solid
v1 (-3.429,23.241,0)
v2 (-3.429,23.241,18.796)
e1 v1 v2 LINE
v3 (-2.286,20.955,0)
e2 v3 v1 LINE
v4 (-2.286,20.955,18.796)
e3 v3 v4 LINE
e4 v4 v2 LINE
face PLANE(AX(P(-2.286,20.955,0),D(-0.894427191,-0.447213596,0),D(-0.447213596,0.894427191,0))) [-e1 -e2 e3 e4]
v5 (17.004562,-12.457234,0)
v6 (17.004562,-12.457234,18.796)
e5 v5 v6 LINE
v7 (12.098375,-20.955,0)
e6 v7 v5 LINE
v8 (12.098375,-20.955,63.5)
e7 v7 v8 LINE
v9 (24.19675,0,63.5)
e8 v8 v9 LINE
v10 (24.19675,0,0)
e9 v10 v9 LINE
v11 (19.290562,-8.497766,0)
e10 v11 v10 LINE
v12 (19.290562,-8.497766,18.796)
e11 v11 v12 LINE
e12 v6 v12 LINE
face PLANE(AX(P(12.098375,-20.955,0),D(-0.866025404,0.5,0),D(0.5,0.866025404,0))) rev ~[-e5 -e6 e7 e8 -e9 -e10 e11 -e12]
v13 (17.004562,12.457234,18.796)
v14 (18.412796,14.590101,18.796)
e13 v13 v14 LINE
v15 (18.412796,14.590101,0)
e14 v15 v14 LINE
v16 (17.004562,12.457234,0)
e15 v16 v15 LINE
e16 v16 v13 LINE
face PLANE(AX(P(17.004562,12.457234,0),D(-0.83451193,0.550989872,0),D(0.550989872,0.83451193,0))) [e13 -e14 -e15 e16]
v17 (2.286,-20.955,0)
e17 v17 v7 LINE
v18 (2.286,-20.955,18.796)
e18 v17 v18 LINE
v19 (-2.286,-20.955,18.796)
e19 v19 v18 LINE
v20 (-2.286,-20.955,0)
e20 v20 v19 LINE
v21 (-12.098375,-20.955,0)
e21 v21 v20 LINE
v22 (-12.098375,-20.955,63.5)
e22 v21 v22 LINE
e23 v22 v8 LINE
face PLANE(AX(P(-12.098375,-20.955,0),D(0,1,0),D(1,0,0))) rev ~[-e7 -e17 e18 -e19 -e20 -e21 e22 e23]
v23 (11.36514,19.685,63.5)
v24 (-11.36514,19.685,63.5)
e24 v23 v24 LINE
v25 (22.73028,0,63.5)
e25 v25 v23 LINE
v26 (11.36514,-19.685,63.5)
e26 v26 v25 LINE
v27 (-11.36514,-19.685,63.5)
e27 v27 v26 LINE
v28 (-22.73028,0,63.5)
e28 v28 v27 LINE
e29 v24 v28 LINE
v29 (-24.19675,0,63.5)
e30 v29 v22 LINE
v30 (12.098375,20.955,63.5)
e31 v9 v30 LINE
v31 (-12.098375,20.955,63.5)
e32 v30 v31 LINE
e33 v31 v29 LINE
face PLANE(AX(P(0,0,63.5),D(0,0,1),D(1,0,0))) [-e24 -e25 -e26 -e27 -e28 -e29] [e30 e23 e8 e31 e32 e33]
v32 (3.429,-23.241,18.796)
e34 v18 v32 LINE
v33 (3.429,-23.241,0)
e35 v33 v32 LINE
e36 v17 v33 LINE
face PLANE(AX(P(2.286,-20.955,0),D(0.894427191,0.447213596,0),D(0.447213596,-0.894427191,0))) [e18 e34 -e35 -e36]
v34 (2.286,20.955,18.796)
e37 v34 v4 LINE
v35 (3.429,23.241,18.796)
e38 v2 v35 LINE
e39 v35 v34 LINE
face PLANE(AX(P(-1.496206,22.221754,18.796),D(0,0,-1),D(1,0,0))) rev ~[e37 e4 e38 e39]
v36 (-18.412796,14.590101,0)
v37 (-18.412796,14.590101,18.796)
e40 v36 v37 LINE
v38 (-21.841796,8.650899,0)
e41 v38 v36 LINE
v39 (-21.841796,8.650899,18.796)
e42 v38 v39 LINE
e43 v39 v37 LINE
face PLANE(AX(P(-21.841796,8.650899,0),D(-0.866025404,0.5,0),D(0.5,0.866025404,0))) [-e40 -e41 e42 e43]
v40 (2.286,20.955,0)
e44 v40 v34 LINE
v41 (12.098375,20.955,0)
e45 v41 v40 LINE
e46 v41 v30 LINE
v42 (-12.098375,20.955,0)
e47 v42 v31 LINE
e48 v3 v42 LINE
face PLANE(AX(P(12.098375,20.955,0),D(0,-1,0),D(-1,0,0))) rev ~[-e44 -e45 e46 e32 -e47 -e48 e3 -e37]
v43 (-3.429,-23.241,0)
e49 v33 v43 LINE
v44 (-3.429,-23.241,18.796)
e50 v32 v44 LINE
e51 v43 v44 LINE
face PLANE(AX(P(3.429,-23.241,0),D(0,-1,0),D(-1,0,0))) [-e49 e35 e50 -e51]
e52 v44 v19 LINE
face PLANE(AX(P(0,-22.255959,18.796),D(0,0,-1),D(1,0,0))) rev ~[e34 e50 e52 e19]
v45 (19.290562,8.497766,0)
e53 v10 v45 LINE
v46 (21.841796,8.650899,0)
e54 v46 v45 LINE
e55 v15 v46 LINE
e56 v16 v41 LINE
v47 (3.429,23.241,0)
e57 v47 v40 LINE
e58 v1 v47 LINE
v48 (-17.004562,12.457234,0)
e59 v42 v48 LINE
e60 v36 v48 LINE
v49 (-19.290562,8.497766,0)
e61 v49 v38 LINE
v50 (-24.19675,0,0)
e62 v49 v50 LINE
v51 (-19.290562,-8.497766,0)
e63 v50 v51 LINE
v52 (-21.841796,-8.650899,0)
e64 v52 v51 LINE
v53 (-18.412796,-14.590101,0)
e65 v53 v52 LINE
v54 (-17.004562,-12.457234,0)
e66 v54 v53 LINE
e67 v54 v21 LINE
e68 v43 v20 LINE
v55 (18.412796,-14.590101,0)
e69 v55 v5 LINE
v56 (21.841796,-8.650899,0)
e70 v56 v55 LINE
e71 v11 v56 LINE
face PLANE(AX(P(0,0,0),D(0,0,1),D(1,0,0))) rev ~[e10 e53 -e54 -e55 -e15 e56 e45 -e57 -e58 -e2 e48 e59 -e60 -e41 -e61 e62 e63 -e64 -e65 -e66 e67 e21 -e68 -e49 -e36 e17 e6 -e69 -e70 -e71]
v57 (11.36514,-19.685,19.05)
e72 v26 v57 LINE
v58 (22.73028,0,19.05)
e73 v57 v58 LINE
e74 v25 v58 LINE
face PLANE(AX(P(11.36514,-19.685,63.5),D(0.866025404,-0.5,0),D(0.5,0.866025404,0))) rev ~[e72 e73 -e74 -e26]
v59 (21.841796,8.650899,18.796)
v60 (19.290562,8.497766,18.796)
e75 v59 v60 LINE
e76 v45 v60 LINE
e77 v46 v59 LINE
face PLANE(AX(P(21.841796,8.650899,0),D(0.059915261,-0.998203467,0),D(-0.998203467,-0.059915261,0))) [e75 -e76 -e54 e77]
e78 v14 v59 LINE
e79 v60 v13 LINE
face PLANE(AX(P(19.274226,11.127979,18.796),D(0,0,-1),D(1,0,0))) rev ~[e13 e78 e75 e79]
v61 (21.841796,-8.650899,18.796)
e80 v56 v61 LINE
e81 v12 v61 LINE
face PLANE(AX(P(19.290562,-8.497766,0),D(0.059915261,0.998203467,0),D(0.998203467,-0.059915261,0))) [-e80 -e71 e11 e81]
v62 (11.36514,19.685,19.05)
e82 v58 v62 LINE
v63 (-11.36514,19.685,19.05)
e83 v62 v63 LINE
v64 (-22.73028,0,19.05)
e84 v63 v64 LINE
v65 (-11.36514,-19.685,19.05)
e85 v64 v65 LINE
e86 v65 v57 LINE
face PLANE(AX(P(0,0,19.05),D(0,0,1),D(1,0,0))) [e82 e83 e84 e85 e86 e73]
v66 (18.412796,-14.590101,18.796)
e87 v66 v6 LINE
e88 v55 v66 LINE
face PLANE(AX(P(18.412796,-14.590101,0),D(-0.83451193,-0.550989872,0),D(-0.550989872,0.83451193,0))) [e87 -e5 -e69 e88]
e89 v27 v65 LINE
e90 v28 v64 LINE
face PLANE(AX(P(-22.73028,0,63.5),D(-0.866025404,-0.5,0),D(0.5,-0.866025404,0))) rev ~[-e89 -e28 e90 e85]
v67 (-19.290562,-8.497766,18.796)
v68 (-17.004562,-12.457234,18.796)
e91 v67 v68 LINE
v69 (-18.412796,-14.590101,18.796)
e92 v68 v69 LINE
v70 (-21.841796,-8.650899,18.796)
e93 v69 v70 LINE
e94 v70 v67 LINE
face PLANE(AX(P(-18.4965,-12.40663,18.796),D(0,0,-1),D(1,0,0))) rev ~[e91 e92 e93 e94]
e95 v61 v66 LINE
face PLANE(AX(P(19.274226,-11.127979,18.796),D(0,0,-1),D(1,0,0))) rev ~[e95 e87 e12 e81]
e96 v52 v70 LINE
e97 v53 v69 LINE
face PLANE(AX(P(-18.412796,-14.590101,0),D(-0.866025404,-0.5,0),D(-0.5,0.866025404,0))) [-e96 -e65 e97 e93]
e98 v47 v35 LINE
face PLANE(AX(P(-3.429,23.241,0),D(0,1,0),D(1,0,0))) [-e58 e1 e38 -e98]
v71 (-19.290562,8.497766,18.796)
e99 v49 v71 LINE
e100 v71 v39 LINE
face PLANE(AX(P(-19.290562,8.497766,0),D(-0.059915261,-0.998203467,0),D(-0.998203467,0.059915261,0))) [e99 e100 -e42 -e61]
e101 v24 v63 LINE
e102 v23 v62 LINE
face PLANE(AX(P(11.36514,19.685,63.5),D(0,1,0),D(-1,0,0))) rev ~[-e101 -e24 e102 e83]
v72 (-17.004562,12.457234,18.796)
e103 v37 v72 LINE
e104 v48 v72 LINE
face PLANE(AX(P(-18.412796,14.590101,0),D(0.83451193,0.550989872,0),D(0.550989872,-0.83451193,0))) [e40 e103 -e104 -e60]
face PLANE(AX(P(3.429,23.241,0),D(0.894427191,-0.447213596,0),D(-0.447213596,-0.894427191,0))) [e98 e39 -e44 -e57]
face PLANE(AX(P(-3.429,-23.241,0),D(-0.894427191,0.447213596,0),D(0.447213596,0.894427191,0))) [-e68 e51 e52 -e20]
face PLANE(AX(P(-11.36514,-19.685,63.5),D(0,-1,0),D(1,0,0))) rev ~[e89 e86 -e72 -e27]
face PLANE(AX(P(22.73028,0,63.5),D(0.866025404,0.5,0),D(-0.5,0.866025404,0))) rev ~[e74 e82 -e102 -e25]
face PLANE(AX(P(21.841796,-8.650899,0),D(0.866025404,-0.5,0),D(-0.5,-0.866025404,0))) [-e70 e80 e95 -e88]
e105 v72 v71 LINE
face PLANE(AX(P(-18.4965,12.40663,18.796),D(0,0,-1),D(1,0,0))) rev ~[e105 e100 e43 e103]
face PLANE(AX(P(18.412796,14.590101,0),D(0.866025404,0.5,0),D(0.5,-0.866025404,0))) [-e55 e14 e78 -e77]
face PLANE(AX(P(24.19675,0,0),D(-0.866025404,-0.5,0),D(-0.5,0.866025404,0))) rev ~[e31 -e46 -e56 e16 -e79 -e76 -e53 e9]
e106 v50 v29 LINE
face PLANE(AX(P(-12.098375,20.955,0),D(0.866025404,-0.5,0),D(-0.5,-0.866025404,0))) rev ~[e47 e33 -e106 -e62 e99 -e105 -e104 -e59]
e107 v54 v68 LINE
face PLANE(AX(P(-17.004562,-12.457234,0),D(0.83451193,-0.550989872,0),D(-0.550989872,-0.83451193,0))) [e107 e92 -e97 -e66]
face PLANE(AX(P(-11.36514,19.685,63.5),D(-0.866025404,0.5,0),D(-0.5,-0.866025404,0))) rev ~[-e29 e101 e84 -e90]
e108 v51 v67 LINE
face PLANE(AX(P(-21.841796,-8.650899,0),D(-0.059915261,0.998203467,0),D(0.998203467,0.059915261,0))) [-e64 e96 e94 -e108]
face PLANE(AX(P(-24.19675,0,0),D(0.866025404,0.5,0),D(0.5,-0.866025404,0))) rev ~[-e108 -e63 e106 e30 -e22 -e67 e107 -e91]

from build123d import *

# Parameters (mm, degrees)
F1_DEPTH = 63.5
F3_DEPTH = 44.45
F5_DEPTH = 18.796


with BuildPart() as f1:
    # F0 (on Top) → F1 (new body)
    with BuildSketch(Plane.XY):
        Polygon((-12.0983748909, -20.955), (12.0983748909, -20.955), (24.1967497817, 0), (12.0983748909, 20.955), (-12.0983748909, 20.955), (-24.1967497817, 0), align=None)
    extrude(amount=F1_DEPTH)

    # F2 (on face) → F3 (cut)
    with BuildSketch(Plane.XY.offset(63.5)):
        Polygon((-11.365140049, -19.685), (11.365140049, -19.685), (22.730280098, 0), (11.365140049, 19.685), (-11.365140049, 19.685), (-22.730280098, 0), align=None)
    extrude(amount=-F3_DEPTH, mode=Mode.SUBTRACT)

    # F4 (on face) → F5 (join)
    with BuildSketch(Plane(origin=(0, 0, 0), x_dir=(1, 0, 0), z_dir=(0, 0, -1))):
        Polygon((-2.286, 20.955), (0, 20.955), (2.286, 20.955), (3.429, 23.241), (0, 23.241), (-3.429, 23.241), align=None)
        Polygon((-20.1272964094, 11.6205), (-18.1475623363, 10.4775), (-17.0045623363, 12.4572340731), (-18.4127964094, 14.5901011096), align=None)
        Polygon((-19.2905623363, 8.4977659269), (-18.1475623363, 10.4775), (-20.1272964094, 11.6205), (-21.8417964094, 8.6508988904), align=None)
        Polygon((-17.0045623363, -12.4572340731), (-18.1475623363, -10.4775), (-20.1272964094, -11.6205), (-18.4127964094, -14.5901011096), align=None)
        Polygon((-20.1272964094, -11.6205), (-18.1475623363, -10.4775), (-19.2905623363, -8.4977659269), (-21.8417964094, -8.6508988904), align=None)
        Polygon((0, -23.241), (0, -20.955), (-2.286, -20.955), (-3.429, -23.241), align=None)
        Polygon((2.286, -20.955), (0, -20.955), (0, -23.241), (3.429, -23.241), align=None)
        Polygon((19.2905623363, -8.4977659269), (18.1475623363, -10.4775), (17.0045623363, -12.4572340731), (18.4127964094, -14.5901011096), (20.1272964094, -11.6205), (21.8417964094, -8.6508988904), align=None)
        Polygon((17.0045623363, 12.4572340731), (18.1475623363, 10.4775), (19.2905623363, 8.4977659269), (21.8417964094, 8.6508988904), (20.1272964094, 11.6205), (18.4127964094, 14.5901011096), align=None)
    extrude(amount=-F5_DEPTH)


solid = f1.part
